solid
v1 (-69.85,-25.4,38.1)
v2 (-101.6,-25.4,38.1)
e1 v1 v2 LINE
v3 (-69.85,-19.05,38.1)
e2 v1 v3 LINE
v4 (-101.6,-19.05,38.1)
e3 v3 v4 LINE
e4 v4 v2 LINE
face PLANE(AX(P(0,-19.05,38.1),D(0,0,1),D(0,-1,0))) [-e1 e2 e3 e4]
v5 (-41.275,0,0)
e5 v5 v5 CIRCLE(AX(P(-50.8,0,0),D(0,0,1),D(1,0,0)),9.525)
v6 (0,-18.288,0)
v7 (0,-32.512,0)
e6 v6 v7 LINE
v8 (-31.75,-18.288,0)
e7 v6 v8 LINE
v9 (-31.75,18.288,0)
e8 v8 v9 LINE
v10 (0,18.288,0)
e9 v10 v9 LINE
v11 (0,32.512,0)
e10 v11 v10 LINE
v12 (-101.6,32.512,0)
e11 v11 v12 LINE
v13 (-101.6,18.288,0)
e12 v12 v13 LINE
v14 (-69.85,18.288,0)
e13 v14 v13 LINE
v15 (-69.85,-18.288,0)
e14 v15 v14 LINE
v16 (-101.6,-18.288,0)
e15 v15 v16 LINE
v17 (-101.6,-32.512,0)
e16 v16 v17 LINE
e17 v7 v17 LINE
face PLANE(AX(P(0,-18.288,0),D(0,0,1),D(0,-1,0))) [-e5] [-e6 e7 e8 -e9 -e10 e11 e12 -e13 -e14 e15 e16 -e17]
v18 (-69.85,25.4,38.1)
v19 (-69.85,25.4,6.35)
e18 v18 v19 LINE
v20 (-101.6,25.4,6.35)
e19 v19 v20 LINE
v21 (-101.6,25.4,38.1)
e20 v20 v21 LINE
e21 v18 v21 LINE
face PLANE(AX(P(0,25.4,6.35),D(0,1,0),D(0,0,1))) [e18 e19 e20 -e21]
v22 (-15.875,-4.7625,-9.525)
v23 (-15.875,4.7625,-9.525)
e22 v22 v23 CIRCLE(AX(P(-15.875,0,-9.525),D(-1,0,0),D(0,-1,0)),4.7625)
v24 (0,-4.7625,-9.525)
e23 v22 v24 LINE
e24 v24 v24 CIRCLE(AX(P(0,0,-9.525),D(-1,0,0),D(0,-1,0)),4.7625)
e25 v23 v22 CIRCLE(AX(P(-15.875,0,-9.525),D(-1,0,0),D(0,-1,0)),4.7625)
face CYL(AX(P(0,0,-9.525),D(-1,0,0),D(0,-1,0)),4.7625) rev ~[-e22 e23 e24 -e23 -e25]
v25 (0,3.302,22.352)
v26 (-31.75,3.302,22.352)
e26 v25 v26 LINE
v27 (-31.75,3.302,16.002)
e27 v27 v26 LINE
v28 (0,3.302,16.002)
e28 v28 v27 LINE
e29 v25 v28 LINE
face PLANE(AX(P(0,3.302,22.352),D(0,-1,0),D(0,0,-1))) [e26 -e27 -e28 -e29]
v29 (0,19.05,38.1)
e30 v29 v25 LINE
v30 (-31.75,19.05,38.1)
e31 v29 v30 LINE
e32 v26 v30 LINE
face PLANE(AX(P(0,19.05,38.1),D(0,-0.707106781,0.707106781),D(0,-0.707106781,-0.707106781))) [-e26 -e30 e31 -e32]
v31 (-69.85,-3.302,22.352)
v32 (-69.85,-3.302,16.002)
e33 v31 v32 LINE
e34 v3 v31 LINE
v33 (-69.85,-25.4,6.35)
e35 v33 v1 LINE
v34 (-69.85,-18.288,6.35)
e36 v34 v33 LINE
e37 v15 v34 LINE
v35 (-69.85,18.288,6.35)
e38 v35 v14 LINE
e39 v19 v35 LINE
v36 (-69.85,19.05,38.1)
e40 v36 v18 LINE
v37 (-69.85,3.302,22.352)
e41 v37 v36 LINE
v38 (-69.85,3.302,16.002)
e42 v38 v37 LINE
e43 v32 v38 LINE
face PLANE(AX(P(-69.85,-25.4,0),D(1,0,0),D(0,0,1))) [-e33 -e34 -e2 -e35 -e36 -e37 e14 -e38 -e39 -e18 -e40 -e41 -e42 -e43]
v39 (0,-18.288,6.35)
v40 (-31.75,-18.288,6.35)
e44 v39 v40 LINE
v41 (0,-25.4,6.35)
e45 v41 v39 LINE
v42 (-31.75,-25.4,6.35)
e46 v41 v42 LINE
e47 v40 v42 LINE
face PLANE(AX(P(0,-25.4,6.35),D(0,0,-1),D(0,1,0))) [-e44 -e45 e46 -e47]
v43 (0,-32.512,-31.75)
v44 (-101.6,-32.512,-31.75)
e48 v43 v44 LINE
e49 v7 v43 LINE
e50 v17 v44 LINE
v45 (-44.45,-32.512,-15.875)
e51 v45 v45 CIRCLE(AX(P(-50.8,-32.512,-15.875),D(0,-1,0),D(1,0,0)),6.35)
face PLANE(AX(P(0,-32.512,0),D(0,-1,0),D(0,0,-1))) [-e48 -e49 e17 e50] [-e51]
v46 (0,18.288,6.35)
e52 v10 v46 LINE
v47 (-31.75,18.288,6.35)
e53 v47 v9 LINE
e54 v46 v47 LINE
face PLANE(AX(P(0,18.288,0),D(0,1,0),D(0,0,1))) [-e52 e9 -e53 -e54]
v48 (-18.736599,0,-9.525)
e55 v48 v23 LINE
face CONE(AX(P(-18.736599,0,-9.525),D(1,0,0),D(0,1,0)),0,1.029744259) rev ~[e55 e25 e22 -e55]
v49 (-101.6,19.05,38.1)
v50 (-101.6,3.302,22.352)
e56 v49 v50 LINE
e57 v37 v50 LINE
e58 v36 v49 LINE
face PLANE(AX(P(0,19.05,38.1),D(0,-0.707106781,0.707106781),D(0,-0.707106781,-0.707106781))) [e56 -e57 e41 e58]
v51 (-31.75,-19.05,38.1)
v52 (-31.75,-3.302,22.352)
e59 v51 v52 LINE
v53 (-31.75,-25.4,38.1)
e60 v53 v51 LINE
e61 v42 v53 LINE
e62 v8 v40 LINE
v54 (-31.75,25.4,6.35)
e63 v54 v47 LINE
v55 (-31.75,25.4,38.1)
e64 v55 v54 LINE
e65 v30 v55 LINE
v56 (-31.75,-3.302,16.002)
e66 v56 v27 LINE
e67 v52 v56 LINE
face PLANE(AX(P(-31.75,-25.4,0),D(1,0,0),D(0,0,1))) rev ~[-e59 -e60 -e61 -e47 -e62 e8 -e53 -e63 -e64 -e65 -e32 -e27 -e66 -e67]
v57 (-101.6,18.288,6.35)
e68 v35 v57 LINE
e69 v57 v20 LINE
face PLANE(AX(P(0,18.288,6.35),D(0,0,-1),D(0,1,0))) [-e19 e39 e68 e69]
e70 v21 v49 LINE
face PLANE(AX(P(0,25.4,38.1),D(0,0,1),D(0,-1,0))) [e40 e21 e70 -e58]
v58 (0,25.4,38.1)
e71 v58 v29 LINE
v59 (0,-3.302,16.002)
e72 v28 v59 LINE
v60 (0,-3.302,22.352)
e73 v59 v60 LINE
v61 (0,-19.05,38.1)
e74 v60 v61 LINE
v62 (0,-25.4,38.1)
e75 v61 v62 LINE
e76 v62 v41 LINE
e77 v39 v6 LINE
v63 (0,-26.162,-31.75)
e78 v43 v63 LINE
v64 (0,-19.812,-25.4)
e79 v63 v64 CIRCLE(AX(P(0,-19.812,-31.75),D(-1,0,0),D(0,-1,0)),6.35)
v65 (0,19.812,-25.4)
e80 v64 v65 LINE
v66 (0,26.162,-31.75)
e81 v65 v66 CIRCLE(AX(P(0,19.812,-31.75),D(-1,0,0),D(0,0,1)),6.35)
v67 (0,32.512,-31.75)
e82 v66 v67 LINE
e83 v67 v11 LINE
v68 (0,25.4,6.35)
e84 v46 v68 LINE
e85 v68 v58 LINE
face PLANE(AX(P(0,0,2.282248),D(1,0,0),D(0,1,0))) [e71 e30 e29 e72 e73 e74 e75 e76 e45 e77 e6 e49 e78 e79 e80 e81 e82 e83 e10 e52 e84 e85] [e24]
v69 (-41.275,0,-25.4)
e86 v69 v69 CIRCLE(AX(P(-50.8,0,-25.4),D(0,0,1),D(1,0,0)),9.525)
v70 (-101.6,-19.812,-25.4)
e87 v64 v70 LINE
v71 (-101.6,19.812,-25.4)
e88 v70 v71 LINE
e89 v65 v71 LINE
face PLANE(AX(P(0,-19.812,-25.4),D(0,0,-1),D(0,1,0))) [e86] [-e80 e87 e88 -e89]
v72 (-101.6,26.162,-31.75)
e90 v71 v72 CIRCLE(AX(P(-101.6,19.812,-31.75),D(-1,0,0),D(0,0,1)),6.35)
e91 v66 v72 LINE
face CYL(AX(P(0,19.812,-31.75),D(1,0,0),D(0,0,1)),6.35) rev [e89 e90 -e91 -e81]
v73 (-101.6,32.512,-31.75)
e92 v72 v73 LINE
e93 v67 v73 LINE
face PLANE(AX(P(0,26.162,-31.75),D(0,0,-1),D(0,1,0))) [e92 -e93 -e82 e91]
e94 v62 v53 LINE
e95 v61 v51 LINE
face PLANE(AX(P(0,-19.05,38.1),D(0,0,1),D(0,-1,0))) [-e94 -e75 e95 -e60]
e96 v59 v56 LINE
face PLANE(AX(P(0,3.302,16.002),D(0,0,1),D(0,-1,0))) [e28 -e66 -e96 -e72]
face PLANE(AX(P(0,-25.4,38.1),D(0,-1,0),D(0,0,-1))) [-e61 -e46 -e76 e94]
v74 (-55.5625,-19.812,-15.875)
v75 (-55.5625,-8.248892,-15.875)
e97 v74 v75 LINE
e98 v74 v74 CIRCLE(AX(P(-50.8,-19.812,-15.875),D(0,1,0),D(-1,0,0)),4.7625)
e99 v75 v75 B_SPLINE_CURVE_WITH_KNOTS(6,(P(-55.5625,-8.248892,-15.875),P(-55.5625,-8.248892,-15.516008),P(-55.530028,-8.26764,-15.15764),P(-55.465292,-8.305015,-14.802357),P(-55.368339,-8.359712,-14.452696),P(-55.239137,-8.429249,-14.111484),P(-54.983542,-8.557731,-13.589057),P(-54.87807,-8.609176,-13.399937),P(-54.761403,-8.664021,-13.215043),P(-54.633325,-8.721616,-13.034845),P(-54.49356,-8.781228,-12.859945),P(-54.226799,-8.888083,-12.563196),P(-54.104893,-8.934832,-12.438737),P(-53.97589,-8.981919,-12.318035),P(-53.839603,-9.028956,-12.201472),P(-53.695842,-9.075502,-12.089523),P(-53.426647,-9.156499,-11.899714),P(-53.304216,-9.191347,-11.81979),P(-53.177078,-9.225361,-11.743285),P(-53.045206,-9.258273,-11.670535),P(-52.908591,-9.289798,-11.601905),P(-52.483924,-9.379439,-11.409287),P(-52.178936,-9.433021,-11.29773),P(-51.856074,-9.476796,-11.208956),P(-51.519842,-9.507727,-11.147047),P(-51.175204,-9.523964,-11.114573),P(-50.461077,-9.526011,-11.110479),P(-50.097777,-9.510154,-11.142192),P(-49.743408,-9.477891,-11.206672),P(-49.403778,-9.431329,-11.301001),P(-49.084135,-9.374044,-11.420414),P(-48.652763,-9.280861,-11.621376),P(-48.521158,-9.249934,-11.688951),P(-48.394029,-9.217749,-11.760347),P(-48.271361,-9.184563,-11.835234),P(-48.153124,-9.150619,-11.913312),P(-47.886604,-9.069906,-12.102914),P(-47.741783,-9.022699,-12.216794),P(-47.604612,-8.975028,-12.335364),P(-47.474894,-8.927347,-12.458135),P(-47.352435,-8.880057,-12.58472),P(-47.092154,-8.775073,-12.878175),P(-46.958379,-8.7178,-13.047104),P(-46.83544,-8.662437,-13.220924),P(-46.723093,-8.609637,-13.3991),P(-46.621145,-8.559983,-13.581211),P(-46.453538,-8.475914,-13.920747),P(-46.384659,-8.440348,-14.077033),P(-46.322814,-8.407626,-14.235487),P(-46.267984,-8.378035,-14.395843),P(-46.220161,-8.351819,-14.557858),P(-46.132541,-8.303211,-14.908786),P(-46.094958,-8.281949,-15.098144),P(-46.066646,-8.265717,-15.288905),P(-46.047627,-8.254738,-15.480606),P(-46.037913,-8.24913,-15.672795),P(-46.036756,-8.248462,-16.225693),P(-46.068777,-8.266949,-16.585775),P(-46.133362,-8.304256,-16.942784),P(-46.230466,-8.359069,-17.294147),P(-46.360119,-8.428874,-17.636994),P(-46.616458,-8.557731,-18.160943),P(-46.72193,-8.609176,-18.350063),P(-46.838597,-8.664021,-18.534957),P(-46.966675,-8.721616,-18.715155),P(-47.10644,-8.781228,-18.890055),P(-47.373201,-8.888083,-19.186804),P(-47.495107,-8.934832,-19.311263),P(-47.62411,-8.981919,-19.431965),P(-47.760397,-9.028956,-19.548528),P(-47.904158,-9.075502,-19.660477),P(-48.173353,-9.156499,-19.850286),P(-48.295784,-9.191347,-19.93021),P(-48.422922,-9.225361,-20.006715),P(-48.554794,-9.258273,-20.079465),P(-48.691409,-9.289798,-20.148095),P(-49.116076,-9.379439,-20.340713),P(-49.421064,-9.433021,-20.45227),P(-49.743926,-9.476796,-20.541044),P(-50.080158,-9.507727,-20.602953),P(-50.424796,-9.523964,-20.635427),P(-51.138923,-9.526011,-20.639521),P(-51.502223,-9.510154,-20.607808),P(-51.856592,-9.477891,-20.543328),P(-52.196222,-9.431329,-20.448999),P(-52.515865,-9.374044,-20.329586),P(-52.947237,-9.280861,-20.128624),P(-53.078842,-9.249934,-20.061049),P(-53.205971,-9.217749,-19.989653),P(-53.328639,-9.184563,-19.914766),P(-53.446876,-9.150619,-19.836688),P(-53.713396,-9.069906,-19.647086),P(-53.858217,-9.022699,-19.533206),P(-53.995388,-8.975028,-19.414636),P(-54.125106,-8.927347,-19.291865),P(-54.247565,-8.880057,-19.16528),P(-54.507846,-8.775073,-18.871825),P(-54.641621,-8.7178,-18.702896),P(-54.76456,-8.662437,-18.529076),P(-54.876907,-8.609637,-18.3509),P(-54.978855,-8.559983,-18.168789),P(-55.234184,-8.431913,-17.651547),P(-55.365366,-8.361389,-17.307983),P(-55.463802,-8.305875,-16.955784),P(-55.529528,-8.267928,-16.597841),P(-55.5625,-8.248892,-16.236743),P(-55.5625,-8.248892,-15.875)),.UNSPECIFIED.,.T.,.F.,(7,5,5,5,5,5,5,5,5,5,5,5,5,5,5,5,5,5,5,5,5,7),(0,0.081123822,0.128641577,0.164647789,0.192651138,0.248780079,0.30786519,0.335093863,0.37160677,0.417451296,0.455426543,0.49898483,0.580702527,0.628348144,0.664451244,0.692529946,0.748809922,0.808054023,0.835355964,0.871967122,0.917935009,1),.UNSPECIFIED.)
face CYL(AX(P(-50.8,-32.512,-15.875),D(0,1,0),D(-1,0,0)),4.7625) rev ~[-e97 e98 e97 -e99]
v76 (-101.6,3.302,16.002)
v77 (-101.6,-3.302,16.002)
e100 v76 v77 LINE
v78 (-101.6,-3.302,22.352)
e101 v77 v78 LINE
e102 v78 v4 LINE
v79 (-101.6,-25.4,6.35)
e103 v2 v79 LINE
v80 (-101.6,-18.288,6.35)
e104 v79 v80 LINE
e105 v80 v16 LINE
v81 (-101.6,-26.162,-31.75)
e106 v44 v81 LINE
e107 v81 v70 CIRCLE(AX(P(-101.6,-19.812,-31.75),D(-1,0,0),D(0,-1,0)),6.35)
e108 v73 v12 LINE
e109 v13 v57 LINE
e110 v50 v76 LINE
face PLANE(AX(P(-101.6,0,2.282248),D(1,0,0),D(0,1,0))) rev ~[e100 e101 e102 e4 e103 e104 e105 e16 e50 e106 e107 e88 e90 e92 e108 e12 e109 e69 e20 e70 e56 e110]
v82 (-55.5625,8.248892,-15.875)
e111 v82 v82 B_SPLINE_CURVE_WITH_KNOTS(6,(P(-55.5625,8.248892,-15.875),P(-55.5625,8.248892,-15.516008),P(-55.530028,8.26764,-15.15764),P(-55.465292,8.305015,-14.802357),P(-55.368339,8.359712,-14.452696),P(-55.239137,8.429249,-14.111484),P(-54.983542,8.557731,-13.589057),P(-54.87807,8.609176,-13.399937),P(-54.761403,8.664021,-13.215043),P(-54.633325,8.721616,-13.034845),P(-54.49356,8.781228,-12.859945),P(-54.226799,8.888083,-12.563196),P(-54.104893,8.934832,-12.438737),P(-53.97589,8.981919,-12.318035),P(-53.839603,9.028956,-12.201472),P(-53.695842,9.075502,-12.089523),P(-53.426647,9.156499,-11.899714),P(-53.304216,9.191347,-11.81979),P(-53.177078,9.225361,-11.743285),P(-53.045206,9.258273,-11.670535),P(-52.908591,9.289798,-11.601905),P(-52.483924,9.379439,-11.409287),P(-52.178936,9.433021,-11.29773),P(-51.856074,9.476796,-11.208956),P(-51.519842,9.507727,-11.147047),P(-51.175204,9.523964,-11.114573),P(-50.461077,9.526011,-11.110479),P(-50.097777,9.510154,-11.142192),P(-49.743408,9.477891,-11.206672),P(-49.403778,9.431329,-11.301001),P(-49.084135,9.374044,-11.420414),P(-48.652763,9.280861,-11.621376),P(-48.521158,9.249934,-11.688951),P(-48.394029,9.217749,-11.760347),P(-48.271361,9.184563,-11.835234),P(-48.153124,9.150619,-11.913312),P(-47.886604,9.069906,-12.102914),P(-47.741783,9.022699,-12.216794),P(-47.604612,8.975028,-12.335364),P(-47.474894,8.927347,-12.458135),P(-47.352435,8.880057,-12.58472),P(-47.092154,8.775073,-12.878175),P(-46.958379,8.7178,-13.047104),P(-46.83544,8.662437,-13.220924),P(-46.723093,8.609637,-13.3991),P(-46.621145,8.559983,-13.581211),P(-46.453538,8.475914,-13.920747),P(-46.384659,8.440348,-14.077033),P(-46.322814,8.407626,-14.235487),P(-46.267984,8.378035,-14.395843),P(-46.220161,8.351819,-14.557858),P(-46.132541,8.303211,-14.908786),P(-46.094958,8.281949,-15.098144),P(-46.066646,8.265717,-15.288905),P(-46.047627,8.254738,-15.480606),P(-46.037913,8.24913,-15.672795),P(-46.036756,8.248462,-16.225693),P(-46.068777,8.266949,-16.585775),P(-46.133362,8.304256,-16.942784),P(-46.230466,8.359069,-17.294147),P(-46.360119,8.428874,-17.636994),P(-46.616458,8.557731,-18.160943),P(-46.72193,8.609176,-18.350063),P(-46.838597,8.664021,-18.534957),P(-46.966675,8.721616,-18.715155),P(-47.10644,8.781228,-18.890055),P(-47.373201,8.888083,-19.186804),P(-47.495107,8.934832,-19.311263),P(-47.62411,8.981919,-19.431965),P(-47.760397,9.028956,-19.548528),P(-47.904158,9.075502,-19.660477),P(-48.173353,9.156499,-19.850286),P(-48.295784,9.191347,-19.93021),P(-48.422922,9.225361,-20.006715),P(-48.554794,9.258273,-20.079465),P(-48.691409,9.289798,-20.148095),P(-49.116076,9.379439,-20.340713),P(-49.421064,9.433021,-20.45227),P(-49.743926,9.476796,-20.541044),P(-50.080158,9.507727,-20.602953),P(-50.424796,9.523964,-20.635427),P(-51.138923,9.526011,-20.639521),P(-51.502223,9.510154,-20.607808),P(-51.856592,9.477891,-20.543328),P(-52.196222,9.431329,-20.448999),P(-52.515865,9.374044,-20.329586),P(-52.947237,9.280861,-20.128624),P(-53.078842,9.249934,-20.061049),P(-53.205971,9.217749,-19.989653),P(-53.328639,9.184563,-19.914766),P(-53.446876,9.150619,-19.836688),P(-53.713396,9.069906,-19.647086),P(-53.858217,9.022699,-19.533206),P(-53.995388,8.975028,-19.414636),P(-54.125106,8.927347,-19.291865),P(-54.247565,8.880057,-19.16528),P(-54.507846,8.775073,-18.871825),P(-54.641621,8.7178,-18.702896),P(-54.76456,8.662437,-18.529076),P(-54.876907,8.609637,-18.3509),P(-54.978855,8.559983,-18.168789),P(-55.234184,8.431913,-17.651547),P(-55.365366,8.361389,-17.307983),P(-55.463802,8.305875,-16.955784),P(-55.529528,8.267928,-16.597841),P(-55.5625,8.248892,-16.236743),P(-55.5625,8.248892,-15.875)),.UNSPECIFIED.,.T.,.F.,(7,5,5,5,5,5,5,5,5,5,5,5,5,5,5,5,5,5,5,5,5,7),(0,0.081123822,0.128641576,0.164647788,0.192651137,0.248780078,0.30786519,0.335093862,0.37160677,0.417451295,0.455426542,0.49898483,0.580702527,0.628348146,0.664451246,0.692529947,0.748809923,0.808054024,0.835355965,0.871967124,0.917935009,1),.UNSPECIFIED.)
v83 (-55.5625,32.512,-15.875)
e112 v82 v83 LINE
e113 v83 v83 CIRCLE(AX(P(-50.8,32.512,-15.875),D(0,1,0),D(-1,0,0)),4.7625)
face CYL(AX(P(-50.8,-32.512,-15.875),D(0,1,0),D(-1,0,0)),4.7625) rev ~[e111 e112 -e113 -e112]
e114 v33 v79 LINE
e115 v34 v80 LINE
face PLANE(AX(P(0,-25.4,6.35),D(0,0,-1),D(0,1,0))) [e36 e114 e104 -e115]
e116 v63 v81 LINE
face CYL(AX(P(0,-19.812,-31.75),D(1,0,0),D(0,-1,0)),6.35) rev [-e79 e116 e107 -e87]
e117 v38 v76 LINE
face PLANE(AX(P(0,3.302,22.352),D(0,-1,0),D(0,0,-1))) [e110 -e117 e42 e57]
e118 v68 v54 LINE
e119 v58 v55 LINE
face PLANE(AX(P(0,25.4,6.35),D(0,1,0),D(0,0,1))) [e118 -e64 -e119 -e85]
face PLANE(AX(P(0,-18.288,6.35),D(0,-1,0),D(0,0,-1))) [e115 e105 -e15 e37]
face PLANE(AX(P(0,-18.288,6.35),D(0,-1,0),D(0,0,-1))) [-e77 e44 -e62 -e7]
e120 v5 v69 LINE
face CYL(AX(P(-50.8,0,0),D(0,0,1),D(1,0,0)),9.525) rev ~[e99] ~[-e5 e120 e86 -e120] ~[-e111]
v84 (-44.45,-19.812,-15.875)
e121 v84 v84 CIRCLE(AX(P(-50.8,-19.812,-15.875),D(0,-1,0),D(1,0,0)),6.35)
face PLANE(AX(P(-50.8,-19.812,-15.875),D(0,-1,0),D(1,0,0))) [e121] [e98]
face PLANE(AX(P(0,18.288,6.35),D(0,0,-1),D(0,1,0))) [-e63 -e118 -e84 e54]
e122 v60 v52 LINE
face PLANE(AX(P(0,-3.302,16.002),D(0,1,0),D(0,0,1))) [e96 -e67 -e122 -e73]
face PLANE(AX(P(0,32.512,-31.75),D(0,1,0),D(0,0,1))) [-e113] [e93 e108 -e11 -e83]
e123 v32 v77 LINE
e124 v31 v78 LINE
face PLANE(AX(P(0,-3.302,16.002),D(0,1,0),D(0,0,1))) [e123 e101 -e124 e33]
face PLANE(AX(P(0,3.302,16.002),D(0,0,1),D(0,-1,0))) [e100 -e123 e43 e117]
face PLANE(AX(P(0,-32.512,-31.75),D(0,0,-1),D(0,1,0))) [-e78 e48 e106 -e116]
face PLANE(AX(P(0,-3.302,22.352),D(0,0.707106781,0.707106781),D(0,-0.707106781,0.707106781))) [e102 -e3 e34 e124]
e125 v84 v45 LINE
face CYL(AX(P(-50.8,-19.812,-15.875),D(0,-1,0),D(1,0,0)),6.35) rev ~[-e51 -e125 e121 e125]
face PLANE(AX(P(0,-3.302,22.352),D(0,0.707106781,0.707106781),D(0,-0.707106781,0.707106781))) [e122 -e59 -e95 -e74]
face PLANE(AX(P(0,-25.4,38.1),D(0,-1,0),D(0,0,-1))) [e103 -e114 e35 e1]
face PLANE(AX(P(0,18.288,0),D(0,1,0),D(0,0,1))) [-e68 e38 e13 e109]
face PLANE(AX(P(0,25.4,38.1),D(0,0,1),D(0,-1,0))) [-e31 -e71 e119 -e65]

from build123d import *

# Parameters (mm, degrees)
F1_DEPTH       = 101.6
F3_D           = 9.525
F3_DEPTH       = 15.875
F3_CBORE_D     = 9.525
F3_CBORE_DEPTH = 9.525
F3_TIP         = 2.8615986981
F5_D           = 9.525
F5_CBORE_D     = 12.7
F5_CBORE_DEPTH = 12.7
F6_W           = 38.1
F6_H           = 38.1
F7_DEPTH       = 57.913
F8_R           = 9.525
F9_DEPTH       = 31.751


with BuildPart() as f1:
    # F0 (on Right) → F1 (new body)
    with BuildSketch(Plane.YZ):
        with BuildLine():
            Line((-18.288, 0), (-32.512, 0))
            Line((-32.512, 0), (-32.512, -31.75))
            Line((-32.512, -31.75), (-26.162, -31.75))
            ThreePointArc((-26.162, -31.75), (-24.3021280605, -27.2598719395), (-19.812, -25.4))
            Line((-19.812, -25.4), (19.812, -25.4))
            ThreePointArc((19.812, -25.4), (24.3021280605, -27.2598719395), (26.162, -31.75))
            Line((26.162, -31.75), (32.512, -31.75))
            Line((32.512, -31.75), (32.512, 0))
            Line((32.512, 0), (18.288, 0))
            Line((18.288, 0), (18.288, 6.35))
            Line((18.288, 6.35), (25.4, 6.35))
            Line((25.4, 6.35), (25.4, 38.1))
            Line((25.4, 38.1), (19.05, 38.1))
            Line((19.05, 38.1), (3.302, 22.352))
            Line((3.302, 22.352), (3.302, 16.002))
            Line((3.302, 16.002), (-3.302, 16.002))
            Line((-3.302, 16.002), (-3.302, 22.352))
            Line((-3.302, 22.352), (-19.05, 38.1))
            Line((-19.05, 38.1), (-25.4, 38.1))
            Line((-25.4, 38.1), (-25.4, 6.35))
            Line((-25.4, 6.35), (-18.288, 6.35))
            Line((-18.288, 6.35), (-18.288, 0))
        make_face()
    extrude(amount=-F1_DEPTH)

    # F3
    with Locations(Plane.YZ):
        with Locations((0, -9.525)):
            CounterBoreHole(F3_D / 2, F3_CBORE_D / 2, F3_CBORE_DEPTH, depth=F3_DEPTH)
            with Locations((0, 0, -(F3_DEPTH + F3_TIP / 2))):  # 118° drill point
                Cone(0, F3_D / 2, F3_TIP, mode=Mode.SUBTRACT)

    # F5 (through all)
    with Locations(Plane.XZ.offset(32.512)):
        with Locations((-50.8, -15.875)):
            CounterBoreHole(F5_D / 2, F5_CBORE_D / 2, F5_CBORE_DEPTH)

    # F6 (on face) → F7 (cut, through all)
    with BuildSketch(Plane.XZ.offset(25.4)):
        with Locations((-50.8, 19.05)):
            Rectangle(F6_W, F6_H)
    extrude(amount=-F7_DEPTH, mode=Mode.SUBTRACT)

    # F8 (on face) → F9 (cut, through all)
    with BuildSketch(Plane.XY):
        with Locations((-50.8, 0)):
            Circle(F8_R)
    extrude(amount=-F9_DEPTH, mode=Mode.SUBTRACT)


solid = f1.part
